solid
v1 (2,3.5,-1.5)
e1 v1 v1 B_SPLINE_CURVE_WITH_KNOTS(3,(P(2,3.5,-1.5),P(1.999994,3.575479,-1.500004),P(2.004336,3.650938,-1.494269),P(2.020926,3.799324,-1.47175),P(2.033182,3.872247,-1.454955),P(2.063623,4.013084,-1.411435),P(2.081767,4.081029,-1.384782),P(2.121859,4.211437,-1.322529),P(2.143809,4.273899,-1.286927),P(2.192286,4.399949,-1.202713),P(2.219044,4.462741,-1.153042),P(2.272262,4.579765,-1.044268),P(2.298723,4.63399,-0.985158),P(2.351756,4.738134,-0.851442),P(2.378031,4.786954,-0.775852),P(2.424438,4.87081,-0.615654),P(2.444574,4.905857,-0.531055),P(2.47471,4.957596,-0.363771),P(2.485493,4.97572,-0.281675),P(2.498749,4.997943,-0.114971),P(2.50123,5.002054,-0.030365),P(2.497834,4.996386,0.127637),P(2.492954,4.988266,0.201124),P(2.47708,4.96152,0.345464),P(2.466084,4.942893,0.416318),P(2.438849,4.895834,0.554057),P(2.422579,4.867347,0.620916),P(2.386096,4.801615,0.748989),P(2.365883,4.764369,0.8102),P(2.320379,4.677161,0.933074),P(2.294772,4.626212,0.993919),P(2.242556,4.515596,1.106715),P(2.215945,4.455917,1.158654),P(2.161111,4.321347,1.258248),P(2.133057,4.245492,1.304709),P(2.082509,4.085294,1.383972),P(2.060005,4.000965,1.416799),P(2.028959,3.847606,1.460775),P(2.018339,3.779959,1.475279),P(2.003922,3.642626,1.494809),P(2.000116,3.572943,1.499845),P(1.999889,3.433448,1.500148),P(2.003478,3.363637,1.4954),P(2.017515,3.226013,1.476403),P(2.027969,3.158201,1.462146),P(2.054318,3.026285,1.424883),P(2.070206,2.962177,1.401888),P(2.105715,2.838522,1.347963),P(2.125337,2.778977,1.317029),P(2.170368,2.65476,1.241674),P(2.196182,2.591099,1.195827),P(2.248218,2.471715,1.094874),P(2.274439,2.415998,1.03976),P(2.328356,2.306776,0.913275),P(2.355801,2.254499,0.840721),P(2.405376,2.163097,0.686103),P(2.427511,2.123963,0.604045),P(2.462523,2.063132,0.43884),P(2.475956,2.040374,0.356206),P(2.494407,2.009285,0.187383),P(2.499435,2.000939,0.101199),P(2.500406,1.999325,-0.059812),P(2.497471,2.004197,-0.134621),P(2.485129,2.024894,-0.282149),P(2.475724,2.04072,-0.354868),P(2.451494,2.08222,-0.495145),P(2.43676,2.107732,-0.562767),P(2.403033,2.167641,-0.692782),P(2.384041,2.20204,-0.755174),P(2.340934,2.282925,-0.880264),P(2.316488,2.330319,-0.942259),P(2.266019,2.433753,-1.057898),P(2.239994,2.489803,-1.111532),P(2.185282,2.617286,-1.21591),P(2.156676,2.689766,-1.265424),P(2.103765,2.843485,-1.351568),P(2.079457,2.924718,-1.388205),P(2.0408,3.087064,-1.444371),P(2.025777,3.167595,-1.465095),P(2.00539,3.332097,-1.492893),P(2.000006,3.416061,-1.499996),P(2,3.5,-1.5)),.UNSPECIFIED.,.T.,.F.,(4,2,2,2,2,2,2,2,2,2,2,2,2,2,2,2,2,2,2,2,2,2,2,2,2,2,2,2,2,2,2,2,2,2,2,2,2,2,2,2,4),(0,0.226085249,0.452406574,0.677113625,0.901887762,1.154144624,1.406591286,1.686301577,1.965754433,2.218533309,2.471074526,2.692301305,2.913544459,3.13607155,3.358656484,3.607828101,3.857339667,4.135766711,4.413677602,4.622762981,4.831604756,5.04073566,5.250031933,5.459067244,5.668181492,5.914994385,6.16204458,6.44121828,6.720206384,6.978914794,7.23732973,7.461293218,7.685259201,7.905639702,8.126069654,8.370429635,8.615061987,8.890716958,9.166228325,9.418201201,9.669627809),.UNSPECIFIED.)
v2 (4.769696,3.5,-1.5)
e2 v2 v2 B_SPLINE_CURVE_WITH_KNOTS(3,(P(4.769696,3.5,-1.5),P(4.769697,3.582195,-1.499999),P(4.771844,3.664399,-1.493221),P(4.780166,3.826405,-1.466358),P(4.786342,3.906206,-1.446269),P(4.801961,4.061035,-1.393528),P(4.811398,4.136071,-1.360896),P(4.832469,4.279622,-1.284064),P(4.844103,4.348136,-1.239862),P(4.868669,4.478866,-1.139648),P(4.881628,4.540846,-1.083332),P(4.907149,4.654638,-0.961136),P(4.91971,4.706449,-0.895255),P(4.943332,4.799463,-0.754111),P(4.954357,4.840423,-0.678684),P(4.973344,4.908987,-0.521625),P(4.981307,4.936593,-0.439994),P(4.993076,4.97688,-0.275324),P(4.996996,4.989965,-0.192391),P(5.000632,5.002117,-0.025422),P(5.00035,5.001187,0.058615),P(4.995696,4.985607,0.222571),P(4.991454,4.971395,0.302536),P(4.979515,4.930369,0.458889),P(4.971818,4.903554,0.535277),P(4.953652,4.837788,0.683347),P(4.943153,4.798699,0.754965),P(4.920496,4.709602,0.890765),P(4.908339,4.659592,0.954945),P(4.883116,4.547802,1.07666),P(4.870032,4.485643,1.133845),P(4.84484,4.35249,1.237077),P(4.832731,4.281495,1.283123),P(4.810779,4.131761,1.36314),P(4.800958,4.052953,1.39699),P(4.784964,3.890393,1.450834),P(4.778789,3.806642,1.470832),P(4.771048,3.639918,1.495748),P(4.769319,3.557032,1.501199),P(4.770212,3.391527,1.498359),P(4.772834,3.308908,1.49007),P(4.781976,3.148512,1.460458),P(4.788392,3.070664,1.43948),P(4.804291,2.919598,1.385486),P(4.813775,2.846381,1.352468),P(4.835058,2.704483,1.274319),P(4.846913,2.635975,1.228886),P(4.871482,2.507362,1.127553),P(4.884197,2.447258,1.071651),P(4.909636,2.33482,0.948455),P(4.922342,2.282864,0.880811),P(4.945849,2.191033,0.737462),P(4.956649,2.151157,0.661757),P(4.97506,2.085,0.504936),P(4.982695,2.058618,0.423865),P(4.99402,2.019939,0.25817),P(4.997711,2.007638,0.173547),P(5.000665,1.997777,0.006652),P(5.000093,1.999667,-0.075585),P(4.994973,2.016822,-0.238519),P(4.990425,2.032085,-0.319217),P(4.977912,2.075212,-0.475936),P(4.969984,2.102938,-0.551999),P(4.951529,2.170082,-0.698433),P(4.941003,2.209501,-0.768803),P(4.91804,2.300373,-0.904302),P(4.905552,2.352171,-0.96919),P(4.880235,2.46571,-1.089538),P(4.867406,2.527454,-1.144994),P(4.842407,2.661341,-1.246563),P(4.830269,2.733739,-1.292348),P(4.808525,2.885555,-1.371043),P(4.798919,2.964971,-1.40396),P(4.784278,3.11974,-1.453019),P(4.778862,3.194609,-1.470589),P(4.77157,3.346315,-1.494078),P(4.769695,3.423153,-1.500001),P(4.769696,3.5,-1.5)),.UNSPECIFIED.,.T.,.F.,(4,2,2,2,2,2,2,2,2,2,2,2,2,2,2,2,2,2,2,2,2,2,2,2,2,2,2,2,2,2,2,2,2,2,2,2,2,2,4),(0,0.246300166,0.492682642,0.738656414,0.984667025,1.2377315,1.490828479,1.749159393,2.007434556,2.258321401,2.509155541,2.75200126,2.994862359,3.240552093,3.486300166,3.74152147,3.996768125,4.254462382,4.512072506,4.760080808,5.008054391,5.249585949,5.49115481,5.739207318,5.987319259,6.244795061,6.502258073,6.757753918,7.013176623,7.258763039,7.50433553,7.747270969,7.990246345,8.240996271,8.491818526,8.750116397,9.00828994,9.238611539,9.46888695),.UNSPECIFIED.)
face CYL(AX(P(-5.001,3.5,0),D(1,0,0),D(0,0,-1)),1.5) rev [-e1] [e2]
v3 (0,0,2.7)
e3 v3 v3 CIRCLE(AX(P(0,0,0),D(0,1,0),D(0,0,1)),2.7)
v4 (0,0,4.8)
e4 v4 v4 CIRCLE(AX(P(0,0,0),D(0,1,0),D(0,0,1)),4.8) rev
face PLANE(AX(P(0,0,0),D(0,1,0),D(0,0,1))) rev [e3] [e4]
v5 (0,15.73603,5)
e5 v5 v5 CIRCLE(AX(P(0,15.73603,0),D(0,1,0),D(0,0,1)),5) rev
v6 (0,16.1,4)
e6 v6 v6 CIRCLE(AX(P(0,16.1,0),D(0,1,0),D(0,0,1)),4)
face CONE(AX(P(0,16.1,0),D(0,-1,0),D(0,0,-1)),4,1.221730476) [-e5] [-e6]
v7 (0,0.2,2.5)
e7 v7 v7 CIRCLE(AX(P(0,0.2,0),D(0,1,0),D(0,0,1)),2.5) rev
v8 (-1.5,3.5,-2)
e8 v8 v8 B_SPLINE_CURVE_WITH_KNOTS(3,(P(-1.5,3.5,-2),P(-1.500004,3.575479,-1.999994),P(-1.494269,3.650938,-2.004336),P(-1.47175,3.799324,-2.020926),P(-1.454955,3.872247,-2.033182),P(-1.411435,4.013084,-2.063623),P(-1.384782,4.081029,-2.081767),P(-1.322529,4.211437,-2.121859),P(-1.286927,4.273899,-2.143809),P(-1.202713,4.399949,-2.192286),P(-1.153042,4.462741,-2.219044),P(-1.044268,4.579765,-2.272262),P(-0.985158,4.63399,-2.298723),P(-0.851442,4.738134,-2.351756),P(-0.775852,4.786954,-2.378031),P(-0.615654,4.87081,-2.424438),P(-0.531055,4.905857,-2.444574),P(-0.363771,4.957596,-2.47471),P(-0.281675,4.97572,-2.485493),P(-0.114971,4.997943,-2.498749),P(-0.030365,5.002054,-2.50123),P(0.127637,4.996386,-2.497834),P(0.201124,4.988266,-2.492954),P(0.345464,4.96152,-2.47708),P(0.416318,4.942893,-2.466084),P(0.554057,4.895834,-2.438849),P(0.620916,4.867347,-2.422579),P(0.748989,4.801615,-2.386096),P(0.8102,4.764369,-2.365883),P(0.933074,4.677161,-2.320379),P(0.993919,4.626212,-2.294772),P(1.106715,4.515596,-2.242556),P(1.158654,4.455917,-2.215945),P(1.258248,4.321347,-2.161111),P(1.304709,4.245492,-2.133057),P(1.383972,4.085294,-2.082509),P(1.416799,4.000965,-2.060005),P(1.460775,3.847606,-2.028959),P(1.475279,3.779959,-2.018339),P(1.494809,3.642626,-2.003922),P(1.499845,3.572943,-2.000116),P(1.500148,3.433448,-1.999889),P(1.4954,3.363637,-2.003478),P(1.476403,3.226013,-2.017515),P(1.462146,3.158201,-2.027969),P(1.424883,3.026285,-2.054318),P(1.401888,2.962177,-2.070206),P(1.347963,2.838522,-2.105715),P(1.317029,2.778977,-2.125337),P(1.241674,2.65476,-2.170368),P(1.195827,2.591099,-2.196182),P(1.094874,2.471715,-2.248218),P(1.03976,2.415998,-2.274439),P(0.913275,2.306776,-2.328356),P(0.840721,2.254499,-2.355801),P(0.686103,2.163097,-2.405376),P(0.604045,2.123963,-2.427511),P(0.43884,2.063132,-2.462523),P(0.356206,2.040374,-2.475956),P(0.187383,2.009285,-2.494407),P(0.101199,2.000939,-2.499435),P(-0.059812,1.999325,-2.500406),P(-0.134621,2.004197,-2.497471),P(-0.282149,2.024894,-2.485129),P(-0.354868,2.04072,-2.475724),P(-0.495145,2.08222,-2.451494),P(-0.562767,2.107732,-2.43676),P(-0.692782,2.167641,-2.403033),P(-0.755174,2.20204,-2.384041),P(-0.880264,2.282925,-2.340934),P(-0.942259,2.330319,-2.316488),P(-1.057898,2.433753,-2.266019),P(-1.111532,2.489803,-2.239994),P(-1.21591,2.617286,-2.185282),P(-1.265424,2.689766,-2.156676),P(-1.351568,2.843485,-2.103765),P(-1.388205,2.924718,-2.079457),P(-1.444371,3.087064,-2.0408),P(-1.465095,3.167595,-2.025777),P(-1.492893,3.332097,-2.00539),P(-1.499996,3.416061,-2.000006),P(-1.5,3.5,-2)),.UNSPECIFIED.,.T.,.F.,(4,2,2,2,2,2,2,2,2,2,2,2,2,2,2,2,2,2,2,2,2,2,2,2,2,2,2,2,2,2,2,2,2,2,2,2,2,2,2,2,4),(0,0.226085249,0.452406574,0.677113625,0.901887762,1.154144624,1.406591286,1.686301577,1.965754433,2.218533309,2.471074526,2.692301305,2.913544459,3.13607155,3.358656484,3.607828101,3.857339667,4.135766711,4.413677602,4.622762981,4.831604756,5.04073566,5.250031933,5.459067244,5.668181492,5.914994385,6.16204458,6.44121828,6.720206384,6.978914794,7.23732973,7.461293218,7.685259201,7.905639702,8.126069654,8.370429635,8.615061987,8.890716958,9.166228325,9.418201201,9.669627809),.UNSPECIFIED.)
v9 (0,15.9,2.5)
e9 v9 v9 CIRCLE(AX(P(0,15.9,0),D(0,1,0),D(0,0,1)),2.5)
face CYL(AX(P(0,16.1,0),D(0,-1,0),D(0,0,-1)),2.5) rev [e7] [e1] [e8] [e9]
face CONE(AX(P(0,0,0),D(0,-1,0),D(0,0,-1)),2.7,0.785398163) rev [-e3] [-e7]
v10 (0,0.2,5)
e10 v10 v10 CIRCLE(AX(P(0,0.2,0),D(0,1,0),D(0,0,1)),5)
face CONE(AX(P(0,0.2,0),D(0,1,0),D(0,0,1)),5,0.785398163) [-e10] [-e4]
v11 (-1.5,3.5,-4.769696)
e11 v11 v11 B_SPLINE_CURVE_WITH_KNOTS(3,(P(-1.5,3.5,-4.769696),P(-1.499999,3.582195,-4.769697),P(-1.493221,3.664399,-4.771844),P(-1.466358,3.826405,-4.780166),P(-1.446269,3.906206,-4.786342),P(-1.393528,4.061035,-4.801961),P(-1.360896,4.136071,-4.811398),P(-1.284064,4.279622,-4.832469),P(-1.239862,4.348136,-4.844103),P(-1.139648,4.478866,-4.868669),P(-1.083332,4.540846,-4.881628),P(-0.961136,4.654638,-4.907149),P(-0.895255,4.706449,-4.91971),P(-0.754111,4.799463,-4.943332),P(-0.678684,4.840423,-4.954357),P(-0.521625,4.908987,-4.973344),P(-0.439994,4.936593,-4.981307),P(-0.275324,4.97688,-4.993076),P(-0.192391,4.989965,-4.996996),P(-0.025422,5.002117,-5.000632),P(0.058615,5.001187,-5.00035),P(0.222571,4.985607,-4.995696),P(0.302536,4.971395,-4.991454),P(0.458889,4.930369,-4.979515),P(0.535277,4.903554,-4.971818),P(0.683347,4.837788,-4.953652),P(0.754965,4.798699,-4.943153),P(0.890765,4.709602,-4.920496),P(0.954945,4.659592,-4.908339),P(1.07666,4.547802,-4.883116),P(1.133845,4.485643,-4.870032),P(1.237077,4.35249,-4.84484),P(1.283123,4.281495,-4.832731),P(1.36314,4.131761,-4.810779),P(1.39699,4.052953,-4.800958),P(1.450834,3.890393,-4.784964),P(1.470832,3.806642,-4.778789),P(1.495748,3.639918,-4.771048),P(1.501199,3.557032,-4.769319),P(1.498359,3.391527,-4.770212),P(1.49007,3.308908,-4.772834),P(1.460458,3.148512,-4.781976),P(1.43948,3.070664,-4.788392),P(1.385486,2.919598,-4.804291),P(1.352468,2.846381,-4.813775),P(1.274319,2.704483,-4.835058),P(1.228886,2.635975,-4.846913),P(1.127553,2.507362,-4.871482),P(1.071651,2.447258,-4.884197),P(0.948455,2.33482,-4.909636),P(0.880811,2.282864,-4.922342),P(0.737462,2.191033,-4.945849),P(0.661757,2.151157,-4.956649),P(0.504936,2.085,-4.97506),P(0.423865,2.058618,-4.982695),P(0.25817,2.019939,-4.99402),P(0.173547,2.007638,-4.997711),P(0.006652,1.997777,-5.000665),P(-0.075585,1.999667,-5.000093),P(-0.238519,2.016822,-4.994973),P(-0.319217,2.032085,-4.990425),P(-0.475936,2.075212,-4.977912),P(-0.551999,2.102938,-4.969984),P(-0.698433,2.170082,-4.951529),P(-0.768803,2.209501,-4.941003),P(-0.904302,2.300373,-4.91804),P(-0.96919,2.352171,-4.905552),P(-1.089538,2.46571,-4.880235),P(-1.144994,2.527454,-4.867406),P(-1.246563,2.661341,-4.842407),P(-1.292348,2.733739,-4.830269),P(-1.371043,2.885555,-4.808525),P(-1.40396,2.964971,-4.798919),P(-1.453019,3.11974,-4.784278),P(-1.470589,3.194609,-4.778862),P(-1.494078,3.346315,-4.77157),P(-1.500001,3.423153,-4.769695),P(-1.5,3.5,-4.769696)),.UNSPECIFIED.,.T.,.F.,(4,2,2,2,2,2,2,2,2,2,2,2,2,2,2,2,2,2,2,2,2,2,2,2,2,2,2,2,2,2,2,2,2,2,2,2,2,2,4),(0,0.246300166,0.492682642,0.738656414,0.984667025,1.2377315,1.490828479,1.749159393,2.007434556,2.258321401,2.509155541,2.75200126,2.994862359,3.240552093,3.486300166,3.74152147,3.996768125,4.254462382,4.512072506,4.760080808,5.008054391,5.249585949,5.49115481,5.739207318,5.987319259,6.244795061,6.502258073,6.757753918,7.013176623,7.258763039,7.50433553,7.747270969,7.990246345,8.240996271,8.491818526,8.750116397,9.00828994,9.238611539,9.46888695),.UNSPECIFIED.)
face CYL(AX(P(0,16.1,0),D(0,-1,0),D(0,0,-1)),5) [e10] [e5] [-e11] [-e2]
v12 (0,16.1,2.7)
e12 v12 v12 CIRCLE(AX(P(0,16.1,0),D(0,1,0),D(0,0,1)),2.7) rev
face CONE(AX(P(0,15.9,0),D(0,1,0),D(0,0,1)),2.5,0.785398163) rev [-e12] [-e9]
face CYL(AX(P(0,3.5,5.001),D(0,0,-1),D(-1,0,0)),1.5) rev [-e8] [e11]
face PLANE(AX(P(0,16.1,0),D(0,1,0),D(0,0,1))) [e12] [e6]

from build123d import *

# Parameters (mm, degrees)
SKETCH1_R               = 5
SKETCH1_R_2             = 2.5
BOSS_EXTRUDE1_DEPTH     = 16.1
CHAMFER1_SIZE           = 0.2
CHAMFER2_SIZE           = 1
CHAMFER2_SIZE2          = 0.363970234
CUT_EXTRUDE1_REACH      = 21.601
CUT_EXTRUDE1_END_RADIUS = 2.5
SKETCH2_R               = 1.5
CIRPATTERN1_COUNT       = 2
CIRPATTERN1_ANGLE       = 90


with BuildPart() as part:
    # Sketch1 → Boss-Extrude1 (new body)
    with BuildSketch(Plane(origin=(0, 0, 0), x_dir=(1, 0, 0), z_dir=(0, 1, 0))):
        with Locations(Location((0, 0, 0), (0, 0, 270))):
            Circle(SKETCH1_R)
        with Locations(Location((0, 0, 0), (0, 0, 270))):
            Circle(SKETCH1_R_2, mode=Mode.SUBTRACT)
    extrude(amount=BOSS_EXTRUDE1_DEPTH)

    # Chamfer1
    chamfer1_edges = [part.edges().sort_by_distance(p)[0] for p in [
        (0, 0, -5),
        (0, 0, -2.5),
        (0, 16.1, -2.5),
    ]]
    chamfer(chamfer1_edges, length=CHAMFER1_SIZE)

    # Chamfer2
    chamfer2_edges = [part.edges().sort_by_distance(p)[0] for p in [
        (0, 16.1, -5),
    ]]
    chamfer2_side = [part.faces().sort_by_distance(p)[0] for p in [
        (0, 16.1, -2.841421356),
    ]]
    chamfer(chamfer2_edges, length=CHAMFER2_SIZE, length2=CHAMFER2_SIZE2, reference=chamfer2_side[0])

    # Cut-Extrude1: up to this cylinder (the profile starts outside it)
    cut_extrude1_end = Plane(origin=(0, 3.5, 0), z_dir=(0, -1, 0)) * Cylinder(CUT_EXTRUDE1_END_RADIUS, 49.202, mode=Mode.PRIVATE)
    # Sketch2 → Cut-Extrude1 (cut, up to the surface)
    with BuildSketch(Plane(origin=(0, 0, -5), x_dir=(-1, 0, 0), z_dir=(0, 0, -1)), mode=Mode.PRIVATE) as cut_extrude1_sk1:
        with Locations((0, 3.5)):
            Circle(SKETCH2_R)
    cut_extrude1_tool1 = extrude(cut_extrude1_sk1.sketch, amount=-CUT_EXTRUDE1_REACH, mode=Mode.PRIVATE) - cut_extrude1_end
    cut_extrude1 = cut_extrude1_tool1.solids().sort_by_distance((0, 3.5, -5))[0]
    add(cut_extrude1, mode=Mode.SUBTRACT)

    # CirPattern1: Cut-Extrude1 ×2 about axis
    cirpattern1_axis = Axis((0, 15.9, 0), (0, -1, 0))
    for i in range(1, CIRPATTERN1_COUNT):
        add(cut_extrude1.rotate(cirpattern1_axis, i * CIRPATTERN1_ANGLE / (CIRPATTERN1_COUNT - 1)), mode=Mode.SUBTRACT)


solid = part.part
